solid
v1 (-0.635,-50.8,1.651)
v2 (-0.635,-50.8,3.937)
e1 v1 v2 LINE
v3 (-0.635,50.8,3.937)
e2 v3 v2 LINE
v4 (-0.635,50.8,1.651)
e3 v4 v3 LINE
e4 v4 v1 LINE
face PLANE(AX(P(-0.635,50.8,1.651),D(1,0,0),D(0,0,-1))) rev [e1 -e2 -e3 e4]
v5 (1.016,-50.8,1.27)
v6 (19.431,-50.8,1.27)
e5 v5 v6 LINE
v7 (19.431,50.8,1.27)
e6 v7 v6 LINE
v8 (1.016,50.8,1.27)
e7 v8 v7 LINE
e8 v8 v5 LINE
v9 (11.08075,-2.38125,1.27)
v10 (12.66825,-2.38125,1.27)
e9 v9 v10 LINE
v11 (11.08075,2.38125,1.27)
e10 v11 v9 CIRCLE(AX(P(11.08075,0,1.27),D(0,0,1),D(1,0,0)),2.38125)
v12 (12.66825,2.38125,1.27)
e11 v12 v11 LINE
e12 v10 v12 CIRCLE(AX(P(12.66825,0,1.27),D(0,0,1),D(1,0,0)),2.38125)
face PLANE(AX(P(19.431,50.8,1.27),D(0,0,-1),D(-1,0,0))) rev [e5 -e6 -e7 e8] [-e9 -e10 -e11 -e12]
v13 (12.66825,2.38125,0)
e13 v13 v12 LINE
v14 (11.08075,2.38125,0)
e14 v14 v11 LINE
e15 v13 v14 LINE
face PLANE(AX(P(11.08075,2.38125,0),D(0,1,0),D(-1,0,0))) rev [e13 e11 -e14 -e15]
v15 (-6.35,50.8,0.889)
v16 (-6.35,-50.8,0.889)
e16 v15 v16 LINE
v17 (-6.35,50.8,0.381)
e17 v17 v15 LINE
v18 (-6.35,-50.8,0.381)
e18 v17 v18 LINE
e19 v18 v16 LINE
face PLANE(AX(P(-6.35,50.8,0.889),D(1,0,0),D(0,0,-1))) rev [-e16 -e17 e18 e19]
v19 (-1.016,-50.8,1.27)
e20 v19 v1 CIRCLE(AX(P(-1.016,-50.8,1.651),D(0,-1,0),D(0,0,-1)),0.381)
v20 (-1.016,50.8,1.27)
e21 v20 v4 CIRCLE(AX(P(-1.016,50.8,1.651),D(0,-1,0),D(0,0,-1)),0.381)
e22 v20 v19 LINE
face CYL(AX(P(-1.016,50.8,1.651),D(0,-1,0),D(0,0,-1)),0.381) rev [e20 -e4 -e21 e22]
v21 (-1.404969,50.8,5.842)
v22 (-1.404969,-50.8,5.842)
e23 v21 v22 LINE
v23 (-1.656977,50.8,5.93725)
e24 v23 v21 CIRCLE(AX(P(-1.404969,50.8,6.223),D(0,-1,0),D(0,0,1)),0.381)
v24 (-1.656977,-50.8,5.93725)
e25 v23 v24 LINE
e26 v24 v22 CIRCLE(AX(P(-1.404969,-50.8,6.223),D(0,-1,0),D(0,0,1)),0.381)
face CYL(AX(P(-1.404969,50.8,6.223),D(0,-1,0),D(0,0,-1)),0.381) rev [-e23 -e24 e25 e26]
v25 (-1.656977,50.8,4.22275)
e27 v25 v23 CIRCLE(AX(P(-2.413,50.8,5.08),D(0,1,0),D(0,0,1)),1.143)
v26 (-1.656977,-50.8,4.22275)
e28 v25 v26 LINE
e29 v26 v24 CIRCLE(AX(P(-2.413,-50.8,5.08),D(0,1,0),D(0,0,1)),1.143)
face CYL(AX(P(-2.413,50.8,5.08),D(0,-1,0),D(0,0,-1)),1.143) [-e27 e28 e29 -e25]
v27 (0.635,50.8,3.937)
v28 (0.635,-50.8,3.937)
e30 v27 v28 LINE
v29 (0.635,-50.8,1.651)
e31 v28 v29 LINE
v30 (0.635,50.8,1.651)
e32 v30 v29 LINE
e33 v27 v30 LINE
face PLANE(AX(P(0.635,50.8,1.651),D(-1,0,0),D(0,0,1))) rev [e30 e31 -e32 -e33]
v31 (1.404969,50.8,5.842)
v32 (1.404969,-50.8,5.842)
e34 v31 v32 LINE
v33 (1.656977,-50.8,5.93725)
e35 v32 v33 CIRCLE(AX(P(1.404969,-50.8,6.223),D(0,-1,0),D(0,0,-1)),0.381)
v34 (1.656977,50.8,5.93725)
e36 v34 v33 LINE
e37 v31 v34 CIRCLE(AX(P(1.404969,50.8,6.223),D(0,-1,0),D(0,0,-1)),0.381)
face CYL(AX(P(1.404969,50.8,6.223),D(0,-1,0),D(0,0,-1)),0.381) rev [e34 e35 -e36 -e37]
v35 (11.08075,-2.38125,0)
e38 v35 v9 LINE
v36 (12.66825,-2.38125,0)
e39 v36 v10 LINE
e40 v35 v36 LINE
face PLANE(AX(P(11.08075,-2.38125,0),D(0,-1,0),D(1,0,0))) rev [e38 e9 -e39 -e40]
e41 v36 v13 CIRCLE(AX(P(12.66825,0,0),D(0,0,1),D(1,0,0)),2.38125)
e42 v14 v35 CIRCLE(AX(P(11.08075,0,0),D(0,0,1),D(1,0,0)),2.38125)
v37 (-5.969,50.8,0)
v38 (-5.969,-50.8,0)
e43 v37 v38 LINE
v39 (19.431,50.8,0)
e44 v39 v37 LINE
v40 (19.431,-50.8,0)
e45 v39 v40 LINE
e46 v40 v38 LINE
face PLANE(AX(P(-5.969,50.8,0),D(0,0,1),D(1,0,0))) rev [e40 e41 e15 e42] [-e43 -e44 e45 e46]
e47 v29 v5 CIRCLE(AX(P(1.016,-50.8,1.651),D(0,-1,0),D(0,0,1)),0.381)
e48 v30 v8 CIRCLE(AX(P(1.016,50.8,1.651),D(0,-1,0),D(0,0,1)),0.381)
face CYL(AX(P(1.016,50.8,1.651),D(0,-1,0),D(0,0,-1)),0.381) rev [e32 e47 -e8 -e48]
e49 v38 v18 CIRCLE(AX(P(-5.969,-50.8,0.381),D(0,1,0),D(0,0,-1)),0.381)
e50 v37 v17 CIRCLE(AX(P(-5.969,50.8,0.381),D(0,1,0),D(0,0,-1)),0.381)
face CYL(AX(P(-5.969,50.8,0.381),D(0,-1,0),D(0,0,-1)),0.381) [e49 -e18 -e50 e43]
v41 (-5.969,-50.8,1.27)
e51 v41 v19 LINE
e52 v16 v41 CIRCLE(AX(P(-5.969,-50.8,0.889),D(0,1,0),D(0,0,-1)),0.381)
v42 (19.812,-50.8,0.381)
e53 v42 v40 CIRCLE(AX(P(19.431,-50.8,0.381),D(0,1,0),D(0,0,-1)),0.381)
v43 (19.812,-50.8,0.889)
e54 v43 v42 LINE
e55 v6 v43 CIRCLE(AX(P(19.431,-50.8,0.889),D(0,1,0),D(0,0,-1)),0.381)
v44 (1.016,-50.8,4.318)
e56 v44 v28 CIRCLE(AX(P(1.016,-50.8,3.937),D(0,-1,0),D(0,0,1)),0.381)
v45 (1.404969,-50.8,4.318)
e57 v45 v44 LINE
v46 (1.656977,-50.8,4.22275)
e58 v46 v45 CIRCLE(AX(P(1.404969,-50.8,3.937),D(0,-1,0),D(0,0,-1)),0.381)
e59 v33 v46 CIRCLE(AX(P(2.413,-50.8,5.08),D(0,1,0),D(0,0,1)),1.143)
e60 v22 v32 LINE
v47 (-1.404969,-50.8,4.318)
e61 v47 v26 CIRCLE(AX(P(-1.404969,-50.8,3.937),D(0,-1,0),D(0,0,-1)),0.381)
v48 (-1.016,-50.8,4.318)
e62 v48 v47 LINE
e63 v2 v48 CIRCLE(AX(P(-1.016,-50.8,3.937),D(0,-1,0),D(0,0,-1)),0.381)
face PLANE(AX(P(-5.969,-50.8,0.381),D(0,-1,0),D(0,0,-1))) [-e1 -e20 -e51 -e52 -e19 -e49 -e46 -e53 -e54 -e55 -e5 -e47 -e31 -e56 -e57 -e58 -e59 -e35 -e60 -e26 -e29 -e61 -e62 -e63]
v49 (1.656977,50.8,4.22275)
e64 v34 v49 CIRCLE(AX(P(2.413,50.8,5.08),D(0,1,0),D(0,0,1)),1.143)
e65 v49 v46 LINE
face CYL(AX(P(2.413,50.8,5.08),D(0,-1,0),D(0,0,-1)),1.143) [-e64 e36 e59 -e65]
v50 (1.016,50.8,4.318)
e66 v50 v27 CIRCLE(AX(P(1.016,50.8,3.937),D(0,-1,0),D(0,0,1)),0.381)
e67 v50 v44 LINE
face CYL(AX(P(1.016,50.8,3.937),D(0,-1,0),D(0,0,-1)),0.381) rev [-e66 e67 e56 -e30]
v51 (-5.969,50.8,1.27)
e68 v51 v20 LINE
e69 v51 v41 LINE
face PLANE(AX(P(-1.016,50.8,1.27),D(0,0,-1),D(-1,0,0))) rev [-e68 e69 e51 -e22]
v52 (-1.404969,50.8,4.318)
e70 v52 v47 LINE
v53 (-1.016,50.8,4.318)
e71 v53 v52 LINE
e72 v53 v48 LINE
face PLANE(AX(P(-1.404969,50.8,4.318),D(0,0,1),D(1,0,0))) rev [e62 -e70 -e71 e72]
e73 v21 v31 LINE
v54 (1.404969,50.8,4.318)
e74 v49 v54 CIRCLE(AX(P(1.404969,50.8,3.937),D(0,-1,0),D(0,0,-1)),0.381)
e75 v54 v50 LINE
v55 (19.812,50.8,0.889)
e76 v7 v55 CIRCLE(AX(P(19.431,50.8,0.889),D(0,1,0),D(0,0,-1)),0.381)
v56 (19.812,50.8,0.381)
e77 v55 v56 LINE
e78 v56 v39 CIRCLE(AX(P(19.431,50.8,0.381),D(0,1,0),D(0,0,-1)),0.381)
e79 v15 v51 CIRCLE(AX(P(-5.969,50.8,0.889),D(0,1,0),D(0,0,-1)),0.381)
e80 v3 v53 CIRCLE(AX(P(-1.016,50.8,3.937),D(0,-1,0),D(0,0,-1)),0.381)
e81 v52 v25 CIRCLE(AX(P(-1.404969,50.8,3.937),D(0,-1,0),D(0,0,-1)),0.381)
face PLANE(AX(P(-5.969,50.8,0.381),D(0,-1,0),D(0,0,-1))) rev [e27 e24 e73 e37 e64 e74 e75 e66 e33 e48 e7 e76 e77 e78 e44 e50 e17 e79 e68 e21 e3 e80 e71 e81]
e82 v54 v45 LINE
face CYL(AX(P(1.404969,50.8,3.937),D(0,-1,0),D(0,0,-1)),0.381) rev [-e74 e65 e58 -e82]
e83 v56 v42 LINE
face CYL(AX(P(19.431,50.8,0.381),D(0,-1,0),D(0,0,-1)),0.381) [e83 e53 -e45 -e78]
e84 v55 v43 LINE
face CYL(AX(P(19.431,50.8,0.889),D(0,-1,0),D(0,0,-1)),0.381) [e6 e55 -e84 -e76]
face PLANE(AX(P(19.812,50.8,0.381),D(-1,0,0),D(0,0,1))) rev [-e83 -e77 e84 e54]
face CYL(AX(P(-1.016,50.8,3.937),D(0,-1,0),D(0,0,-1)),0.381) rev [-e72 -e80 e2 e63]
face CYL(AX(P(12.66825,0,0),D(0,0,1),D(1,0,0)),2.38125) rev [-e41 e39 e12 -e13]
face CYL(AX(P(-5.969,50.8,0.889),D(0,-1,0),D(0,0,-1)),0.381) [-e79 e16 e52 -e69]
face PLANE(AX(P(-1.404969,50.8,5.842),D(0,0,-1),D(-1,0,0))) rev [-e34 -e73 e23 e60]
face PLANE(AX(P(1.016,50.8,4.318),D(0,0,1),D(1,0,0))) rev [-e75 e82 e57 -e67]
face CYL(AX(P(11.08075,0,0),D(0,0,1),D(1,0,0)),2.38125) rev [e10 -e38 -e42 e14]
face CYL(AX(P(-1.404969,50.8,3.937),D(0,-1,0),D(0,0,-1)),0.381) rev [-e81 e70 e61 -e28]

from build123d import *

# Parameters (mm, degrees)
BOSS_EXTRUDE1_DEPTH = 50.8
CUT_EXTRUDE1_DEPTH  = 2.27


with BuildPart() as part:
    # Sketch2 → Boss-Extrude1 (new body, symmetric)
    with BuildSketch(Plane(origin=(0, 0, 0), x_dir=(1, 0, 0), z_dir=(0, 1, 0))):
        with BuildLine():
            Line((-5.969, 0), (19.431, 0))
            ThreePointArc((19.431, 0), (19.700407684, -0.111592316), (19.812, -0.381))
            Line((19.812, -0.381), (19.812, -0.889))
            ThreePointArc((19.812, -0.889), (19.700407684, -1.158407684), (19.431, -1.27))
            Line((19.431, -1.27), (1.016, -1.27))
            ThreePointArc((1.016, -1.27), (0.746592316, -1.381592316), (0.635, -1.651))
            Line((0.635, -1.651), (0.635, -3.937))
            ThreePointArc((0.635, -3.937), (0.746592316, -4.206407684), (1.016, -4.318))
            Line((1.016, -4.318), (1.40496875, -4.318))
            ThreePointArc((1.40496875, -4.318), (1.539672592, -4.293392866), (1.656976563, -4.22275))
            ThreePointArc((1.656976563, -4.22275), (3.556, -5.08), (1.656976563, -5.93725))
            ThreePointArc((1.656976563, -5.93725), (1.539672592, -5.866607134), (1.40496875, -5.842))
            Line((1.40496875, -5.842), (-1.40496875, -5.842))
            ThreePointArc((-1.40496875, -5.842), (-1.539672592, -5.866607134), (-1.656976563, -5.93725))
            ThreePointArc((-1.656976563, -5.93725), (-3.556, -5.08), (-1.656976563, -4.22275))
            ThreePointArc((-1.656976563, -4.22275), (-1.539672592, -4.293392866), (-1.40496875, -4.318))
            Line((-1.40496875, -4.318), (-1.016, -4.318))
            ThreePointArc((-1.016, -4.318), (-0.746592316, -4.206407684), (-0.635, -3.937))
            Line((-0.635, -3.937), (-0.635, -1.651))
            ThreePointArc((-0.635, -1.651), (-0.746592316, -1.381592316), (-1.016, -1.27))
            Line((-1.016, -1.27), (-5.969, -1.27))
            ThreePointArc((-5.969, -1.27), (-6.238407684, -1.158407684), (-6.35, -0.889))
            Line((-6.35, -0.889), (-6.35, -0.381))
            ThreePointArc((-6.35, -0.381), (-6.238407684, -0.111592316), (-5.969, 0))
        make_face()
    extrude(amount=BOSS_EXTRUDE1_DEPTH, both=True)

    # Sketch3 → Cut-Extrude1 (cut, through all)
    with BuildSketch(Plane.XY.offset(1.27)):
        with BuildLine():
            Line((11.08075, 2.38125), (12.66825, 2.38125))
            ThreePointArc((12.66825, 2.38125), (15.0495, 0), (12.66825, -2.38125))
            Line((12.66825, -2.38125), (11.08075, -2.38125))
            ThreePointArc((11.08075, -2.38125), (8.6995, 0), (11.08075, 2.38125))
        make_face()
    extrude(amount=-CUT_EXTRUDE1_DEPTH, mode=Mode.SUBTRACT)


solid = part.part
